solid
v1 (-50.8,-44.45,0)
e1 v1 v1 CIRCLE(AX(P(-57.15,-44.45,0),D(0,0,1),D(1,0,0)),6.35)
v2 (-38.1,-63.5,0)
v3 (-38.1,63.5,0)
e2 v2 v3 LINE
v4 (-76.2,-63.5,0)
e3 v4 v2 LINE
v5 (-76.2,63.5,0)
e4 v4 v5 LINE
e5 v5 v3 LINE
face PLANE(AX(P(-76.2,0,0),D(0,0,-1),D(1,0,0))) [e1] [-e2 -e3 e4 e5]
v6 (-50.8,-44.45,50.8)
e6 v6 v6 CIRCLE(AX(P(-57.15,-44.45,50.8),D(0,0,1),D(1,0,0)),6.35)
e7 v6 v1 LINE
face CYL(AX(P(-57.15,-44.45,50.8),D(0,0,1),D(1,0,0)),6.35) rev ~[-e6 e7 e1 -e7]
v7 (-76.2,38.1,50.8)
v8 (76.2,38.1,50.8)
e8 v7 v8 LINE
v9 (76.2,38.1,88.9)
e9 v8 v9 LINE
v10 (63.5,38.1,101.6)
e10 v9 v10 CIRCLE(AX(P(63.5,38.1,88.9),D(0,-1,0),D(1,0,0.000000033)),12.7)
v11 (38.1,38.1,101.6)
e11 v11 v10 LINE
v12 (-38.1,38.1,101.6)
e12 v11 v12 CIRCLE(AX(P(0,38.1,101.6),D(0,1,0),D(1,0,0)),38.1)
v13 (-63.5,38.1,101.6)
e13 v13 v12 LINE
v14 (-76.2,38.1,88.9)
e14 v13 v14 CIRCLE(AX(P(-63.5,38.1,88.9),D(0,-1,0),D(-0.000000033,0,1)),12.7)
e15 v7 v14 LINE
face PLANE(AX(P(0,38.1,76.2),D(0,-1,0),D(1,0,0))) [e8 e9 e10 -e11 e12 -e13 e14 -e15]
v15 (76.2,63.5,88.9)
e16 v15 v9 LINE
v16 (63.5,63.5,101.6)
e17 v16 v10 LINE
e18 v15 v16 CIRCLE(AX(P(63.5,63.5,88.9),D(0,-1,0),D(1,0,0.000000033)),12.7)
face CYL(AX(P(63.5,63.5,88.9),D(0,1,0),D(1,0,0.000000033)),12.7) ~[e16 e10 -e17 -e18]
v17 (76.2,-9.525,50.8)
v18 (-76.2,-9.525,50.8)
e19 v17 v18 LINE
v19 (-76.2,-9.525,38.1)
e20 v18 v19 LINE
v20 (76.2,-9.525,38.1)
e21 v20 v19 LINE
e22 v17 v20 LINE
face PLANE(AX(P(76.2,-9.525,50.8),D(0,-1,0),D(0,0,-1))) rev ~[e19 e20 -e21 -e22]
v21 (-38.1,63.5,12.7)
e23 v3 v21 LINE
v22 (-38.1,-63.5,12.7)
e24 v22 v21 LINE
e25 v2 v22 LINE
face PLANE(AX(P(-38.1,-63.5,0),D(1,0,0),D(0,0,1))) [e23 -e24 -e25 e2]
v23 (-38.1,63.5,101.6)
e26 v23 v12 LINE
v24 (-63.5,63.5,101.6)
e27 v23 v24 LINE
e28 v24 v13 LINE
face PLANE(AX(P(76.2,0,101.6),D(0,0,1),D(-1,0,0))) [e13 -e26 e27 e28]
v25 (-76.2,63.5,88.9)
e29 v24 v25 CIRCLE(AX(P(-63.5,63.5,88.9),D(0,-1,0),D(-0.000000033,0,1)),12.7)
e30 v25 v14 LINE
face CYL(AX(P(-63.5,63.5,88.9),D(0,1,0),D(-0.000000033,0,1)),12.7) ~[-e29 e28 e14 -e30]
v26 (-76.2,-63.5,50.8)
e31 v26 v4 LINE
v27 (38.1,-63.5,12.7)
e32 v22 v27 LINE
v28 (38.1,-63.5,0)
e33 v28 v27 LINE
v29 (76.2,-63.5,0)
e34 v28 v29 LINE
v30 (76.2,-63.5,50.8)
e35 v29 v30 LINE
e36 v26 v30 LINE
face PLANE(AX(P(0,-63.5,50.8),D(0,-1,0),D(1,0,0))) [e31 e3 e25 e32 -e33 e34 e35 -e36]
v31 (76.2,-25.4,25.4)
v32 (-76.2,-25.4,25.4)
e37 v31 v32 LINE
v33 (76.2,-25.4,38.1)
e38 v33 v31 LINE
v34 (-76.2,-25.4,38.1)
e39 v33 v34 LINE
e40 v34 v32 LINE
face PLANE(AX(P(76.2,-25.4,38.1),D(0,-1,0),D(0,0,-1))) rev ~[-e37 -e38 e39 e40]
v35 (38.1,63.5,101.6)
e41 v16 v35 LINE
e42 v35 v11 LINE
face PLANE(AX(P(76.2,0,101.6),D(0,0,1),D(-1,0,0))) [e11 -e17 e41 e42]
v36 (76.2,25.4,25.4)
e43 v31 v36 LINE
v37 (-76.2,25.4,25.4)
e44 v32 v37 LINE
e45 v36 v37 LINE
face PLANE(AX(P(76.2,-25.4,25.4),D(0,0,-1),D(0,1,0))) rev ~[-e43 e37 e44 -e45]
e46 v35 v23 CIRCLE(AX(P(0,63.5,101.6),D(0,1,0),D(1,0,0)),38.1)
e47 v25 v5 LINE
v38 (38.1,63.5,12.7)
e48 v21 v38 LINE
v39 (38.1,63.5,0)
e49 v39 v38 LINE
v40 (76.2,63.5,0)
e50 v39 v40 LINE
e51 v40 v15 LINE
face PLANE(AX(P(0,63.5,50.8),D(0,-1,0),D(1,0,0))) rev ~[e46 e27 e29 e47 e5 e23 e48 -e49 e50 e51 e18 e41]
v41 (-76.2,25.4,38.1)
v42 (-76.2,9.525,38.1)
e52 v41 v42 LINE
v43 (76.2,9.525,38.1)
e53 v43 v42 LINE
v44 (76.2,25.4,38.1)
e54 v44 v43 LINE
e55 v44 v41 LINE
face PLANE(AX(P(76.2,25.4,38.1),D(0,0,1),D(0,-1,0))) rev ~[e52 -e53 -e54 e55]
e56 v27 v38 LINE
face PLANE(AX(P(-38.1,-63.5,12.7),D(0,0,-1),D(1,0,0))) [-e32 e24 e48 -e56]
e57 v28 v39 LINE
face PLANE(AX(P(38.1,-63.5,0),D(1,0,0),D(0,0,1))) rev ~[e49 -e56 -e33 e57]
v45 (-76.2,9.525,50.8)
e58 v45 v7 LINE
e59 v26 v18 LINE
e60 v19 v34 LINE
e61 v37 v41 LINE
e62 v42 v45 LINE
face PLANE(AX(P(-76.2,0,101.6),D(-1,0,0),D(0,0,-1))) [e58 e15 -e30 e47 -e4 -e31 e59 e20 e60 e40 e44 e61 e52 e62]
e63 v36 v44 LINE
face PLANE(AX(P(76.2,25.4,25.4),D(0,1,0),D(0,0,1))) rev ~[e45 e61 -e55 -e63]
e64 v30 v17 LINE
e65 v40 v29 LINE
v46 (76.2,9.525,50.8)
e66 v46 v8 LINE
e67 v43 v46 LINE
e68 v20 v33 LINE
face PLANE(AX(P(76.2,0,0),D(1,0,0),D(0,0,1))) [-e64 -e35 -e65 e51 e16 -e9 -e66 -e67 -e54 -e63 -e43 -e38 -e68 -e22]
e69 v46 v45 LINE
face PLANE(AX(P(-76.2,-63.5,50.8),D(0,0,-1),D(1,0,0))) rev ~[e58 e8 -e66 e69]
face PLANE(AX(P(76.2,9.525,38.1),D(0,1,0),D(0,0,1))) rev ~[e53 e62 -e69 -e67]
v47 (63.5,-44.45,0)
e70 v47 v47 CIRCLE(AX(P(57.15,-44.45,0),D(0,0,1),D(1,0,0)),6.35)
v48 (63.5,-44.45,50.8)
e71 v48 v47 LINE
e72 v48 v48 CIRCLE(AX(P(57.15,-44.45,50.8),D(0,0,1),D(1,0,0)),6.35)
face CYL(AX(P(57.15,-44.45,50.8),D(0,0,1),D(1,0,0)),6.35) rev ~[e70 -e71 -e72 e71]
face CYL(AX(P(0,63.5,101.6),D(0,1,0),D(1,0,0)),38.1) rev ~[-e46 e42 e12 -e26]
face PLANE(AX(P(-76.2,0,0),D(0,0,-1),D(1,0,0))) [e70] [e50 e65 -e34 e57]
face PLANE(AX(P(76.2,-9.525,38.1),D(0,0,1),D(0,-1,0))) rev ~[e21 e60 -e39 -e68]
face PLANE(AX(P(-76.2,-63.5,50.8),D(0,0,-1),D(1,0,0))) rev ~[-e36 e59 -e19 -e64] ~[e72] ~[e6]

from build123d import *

# Parameters (mm, degrees)
F1_DEPTH  = 63.5
F2_W      = 152.4
F2_H      = 50.8
F3_DEPTH  = 101.6
F4_W      = 76.2
F4_H      = 12.7
F5_DEPTH  = 127
F7_DEPTH  = 152.4
F8_R      = 6.35
F9_DEPTH  = 50.8
F11_DEPTH = 25.4
F12_DEPTH = 25.4
F13_DEPTH = 25.4


with BuildPart() as f1:
    # F0 (on Front) → F1 (new body, symmetric)
    with BuildSketch(Plane.XZ):
        Polygon((-76.2, 0), (0, 0), (76.2, 0), (76.2, 101.6), (-76.2, 101.6), align=None)
    extrude(amount=F1_DEPTH, both=True)

    # F2 (on face) → F3 (cut)
    with BuildSketch(Plane.XZ.offset(63.5)):
        with Locations((0, 76.2)):
            Rectangle(F2_W, F2_H)
    extrude(amount=-F3_DEPTH, mode=Mode.SUBTRACT)

    # F4 (on face) → F5 (cut)
    with BuildSketch(Plane.XZ.offset(63.5)):
        with Locations((0, 6.35)):
            Rectangle(F4_W, F4_H)
    extrude(amount=-F5_DEPTH, mode=Mode.SUBTRACT)

    # F6 (on face) → F7 (cut)
    with BuildSketch(Plane.YZ.offset(76.2)):
        Polygon((9.525, 38.1), (9.525, 50.8), (-9.525, 50.8), (-9.525, 38.1), (-25.4, 38.1), (-25.4, 25.4), (25.4, 25.4), (25.4, 38.1), align=None)
    extrude(amount=-F7_DEPTH, mode=Mode.SUBTRACT)

    # F8 (on face) → F9 (cut)
    with BuildSketch(Plane.XY.offset(50.8)):
        with Locations((-57.15, -44.45)):
            Circle(F8_R)
        with Locations((57.15, -44.45)):
            Circle(F8_R)
    extrude(amount=-F9_DEPTH, mode=Mode.SUBTRACT)

    # F10 (on face) → F11 (cut)
    with BuildSketch(Plane(origin=(0, 63.5, 0), x_dir=(-1, 0, 0), z_dir=(0, 1, 0))):
        with BuildLine():
            Line((76.2, 101.6), (63.5, 101.6))
            ThreePointArc((63.5, 101.6), (72.480256, 97.880256), (76.2, 88.9))
            Line((76.2, 88.9), (76.2, 101.6))
        make_face()
    extrude(amount=-F11_DEPTH, mode=Mode.SUBTRACT)

    # F10 (on face) → F12 (cut)
    with BuildSketch(Plane(origin=(0, 63.5, 0), x_dir=(-1, 0, 0), z_dir=(0, 1, 0))):
        with BuildLine():
            ThreePointArc((-76.2, 88.9), (-72.480256, 97.880256), (-63.5, 101.6))
            Line((-63.5, 101.6), (-76.2, 101.6))
            Line((-76.2, 101.6), (-76.2, 88.9))
        make_face()
    extrude(amount=-F12_DEPTH, mode=Mode.SUBTRACT)

    # F10 (on face) → F13 (cut)
    with BuildSketch(Plane(origin=(0, 63.5, 0), x_dir=(-1, 0, 0), z_dir=(0, 1, 0))):
        with BuildLine():
            ThreePointArc((-38.1, 101.6), (0, 63.5), (38.1, 101.6))
            Line((38.1, 101.6), (-38.1, 101.6))
        make_face()
    extrude(amount=-F13_DEPTH, mode=Mode.SUBTRACT)


solid = f1.part
